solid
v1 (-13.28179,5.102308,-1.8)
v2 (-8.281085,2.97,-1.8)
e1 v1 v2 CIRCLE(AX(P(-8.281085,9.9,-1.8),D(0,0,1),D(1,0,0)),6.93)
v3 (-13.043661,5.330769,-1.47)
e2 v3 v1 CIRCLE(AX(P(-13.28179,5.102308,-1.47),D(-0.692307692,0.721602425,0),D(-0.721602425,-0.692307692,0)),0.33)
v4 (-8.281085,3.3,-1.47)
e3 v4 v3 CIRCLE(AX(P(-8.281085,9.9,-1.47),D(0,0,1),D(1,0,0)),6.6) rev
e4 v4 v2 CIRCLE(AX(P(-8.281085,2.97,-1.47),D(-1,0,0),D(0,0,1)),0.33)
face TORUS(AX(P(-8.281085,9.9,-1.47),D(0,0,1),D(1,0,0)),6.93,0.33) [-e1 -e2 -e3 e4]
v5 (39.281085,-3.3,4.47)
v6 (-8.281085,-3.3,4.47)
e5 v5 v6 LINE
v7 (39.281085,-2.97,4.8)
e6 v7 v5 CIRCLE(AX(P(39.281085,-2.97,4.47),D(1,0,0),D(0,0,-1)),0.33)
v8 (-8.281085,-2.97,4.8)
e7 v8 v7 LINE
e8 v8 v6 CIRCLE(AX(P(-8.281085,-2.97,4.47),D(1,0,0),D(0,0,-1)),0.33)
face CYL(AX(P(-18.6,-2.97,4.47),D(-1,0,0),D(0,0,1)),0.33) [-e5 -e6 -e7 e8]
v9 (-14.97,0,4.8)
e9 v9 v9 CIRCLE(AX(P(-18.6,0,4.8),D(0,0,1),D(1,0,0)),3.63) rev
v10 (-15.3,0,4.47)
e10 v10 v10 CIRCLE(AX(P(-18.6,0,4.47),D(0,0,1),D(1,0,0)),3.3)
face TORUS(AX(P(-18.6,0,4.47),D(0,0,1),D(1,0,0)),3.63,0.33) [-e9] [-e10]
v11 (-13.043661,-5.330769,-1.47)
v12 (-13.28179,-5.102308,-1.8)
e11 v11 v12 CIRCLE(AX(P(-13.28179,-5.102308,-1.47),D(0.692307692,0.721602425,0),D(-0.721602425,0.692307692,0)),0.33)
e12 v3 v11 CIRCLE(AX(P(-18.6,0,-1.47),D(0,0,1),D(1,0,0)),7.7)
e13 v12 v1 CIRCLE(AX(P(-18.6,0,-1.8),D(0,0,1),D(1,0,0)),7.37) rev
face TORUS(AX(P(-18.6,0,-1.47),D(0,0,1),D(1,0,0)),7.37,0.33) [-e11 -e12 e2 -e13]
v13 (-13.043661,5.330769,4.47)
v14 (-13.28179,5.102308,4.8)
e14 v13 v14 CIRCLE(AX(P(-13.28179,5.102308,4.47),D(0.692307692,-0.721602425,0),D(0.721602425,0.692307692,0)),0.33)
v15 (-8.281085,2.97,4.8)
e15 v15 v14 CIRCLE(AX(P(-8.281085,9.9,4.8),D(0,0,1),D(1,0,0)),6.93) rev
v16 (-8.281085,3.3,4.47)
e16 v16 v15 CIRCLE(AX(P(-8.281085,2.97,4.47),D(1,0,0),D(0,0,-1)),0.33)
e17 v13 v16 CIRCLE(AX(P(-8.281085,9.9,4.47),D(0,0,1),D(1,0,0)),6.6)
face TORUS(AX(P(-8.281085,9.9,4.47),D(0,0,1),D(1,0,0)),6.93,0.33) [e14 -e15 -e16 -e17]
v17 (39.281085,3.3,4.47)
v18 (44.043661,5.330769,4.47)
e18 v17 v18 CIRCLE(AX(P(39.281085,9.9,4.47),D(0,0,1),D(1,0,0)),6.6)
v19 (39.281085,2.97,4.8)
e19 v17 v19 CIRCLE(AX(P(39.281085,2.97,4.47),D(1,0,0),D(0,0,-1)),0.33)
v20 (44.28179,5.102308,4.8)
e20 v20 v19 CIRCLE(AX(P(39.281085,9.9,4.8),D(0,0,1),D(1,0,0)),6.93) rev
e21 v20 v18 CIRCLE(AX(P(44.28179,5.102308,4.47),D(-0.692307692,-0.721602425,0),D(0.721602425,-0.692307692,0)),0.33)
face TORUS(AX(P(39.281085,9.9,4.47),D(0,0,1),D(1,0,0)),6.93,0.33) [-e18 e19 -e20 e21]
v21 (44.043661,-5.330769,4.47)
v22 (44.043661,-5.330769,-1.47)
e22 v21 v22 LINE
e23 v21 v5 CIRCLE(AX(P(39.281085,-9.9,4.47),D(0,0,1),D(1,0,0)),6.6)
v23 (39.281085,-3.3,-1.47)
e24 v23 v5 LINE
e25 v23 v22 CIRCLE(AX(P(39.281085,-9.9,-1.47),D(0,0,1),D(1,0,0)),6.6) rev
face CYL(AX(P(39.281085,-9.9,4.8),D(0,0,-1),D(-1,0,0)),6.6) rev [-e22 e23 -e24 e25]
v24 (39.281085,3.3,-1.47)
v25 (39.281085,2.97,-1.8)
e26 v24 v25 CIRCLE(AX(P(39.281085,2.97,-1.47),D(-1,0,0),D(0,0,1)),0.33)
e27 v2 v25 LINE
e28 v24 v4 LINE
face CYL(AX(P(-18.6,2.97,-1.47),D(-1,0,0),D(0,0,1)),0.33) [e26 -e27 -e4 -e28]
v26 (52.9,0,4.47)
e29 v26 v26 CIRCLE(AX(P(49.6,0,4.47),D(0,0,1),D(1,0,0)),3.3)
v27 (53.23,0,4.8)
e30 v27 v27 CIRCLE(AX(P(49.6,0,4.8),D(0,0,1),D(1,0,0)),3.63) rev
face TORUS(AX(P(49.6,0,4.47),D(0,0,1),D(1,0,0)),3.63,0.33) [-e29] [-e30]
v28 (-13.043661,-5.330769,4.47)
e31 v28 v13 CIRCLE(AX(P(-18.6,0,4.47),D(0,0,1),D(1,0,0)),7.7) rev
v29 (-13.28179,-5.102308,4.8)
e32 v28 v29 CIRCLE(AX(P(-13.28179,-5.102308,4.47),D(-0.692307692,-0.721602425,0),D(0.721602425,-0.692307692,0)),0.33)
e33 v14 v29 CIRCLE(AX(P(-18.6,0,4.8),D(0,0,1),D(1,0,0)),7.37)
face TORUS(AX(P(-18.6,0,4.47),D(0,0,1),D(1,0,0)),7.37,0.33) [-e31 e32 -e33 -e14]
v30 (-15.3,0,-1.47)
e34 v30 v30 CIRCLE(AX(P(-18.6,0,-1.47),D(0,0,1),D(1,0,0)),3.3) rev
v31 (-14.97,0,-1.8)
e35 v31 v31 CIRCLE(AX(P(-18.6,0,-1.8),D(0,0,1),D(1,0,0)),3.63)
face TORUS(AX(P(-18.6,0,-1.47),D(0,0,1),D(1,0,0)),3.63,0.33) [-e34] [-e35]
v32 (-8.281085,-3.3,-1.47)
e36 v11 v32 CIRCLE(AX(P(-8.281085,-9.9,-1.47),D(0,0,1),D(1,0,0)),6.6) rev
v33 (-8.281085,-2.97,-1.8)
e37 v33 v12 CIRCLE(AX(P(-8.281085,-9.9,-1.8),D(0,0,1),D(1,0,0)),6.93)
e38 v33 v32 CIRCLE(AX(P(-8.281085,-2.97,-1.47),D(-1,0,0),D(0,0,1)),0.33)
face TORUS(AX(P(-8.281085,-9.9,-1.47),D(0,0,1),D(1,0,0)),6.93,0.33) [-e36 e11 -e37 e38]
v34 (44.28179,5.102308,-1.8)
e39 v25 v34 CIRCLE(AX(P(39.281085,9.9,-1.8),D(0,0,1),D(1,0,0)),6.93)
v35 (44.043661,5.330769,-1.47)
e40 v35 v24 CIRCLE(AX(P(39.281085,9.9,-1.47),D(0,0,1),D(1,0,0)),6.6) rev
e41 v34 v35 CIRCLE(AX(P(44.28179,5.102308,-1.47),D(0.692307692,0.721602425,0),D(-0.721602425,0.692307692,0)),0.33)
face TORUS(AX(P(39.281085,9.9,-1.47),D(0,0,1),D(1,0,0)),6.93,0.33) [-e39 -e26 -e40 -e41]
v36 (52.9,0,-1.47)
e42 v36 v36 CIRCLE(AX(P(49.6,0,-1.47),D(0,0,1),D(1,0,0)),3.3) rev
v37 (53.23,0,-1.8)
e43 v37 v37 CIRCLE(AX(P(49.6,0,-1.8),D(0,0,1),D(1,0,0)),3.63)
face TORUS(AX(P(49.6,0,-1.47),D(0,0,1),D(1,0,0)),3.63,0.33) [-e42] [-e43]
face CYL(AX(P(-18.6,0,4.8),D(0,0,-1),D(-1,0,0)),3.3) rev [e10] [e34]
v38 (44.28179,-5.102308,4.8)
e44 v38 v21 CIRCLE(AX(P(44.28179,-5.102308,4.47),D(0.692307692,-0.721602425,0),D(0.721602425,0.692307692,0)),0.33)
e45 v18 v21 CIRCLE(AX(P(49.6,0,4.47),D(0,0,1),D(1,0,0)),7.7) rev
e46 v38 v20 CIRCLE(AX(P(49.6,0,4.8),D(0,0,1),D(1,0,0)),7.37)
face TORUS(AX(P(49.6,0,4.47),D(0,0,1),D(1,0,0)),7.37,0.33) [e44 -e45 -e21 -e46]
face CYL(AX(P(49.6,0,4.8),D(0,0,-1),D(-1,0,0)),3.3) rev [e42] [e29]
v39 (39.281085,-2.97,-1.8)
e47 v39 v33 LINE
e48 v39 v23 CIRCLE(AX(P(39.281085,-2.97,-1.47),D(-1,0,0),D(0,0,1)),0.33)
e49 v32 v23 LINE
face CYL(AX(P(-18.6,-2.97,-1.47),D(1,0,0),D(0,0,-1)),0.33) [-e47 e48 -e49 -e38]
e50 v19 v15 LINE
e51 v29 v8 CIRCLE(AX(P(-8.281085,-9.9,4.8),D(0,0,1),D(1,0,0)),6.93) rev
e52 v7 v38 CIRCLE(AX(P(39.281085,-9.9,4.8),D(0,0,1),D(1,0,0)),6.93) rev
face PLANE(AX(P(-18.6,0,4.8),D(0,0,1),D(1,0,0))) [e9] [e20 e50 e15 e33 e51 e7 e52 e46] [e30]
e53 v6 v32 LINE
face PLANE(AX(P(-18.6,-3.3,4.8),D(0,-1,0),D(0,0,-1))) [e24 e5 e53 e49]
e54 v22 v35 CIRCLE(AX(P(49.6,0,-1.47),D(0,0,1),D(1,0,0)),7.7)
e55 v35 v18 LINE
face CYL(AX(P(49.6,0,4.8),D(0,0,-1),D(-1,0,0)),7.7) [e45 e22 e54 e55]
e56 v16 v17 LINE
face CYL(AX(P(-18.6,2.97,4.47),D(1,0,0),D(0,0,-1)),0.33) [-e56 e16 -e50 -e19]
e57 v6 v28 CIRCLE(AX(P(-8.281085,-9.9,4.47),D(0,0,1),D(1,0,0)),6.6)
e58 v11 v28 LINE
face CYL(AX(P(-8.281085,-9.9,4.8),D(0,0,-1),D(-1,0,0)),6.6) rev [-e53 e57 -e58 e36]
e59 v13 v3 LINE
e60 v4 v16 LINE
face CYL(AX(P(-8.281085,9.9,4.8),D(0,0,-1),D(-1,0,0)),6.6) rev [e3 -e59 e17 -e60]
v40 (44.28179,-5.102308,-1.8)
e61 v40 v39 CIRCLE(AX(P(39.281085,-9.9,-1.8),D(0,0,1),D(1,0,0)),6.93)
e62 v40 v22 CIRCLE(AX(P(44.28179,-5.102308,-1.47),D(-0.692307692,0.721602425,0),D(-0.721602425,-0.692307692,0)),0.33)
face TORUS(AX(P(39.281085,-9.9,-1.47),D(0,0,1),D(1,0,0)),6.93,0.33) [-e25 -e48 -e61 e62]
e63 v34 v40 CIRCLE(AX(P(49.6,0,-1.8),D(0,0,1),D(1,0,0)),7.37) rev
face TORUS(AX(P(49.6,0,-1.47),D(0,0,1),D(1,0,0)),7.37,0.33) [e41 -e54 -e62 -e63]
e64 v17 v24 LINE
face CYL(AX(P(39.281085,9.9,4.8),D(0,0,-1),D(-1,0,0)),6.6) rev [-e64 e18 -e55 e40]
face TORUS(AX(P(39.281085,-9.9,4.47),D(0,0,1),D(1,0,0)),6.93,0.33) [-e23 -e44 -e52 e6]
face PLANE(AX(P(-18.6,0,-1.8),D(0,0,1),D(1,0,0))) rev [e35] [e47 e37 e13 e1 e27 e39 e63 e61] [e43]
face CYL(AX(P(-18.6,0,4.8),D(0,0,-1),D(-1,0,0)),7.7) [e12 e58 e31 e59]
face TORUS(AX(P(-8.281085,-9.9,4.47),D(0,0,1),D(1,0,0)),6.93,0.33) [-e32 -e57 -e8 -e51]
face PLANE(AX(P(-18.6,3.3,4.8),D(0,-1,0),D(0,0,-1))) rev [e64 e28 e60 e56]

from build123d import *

# Parameters (mm, degrees)
SKETCH_1_R      = 3.5
SKETCH_1_R_2    = 1.5
EXTRUDE_1_DEPTH = 3
FILLET_1_R      = 3
FILLET_2_R      = 0.15
SCALE_1_SCALE   = 2.2


with BuildPart() as part:
    # Эскиз1 → Бобышка-Вытянуть1 (new body)
    # profile 1 of 3: a face of its own
    with BuildSketch(Plane.XY):
        Circle(SKETCH_1_R)
        Circle(SKETCH_1_R_2, mode=Mode.SUBTRACT)
    # profile 2 of 3: a face of its own
    with BuildSketch(Plane.XY):
        with BuildLine():
            Line((3.16227766, -1.5), (27.83772234, -1.5))
            ThreePointArc((27.83772234, -1.5), (27.5, 0), (27.83772234, 1.5))
            Line((27.83772234, 1.5), (3.16227766, 1.5))
            ThreePointArc((3.16227766, 1.5), (3.414525722, 0.768774411), (3.5, 0))
            ThreePointArc((3.5, 0), (3.414525722, -0.768774411), (3.16227766, -1.5))
        make_face()
    # profile 3 of 3: a face of its own
    with BuildSketch(Plane.XY):
        with Locations((31, 0)):
            Circle(SKETCH_1_R)
        with Locations((31, 0)):
            Circle(SKETCH_1_R_2, mode=Mode.SUBTRACT)
    extrude(amount=EXTRUDE_1_DEPTH)

    # Скругление1
    fillet_1_edges = [part.edges().sort_by_distance(p)[0] for p in [
        (3.16227766, 1.5, 1.5),
        (27.83772234, 1.5, 1.5),
        (27.83772234, -1.5, 1.5),
        (3.16227766, -1.5, 1.5),
    ]]
    fillet(fillet_1_edges, radius=FILLET_1_R)

    # Скругление2
    fillet_2_edges = [part.edges().sort_by_distance(p)[0] for p in [
        (-1.5, 0, 0),
        (15.5, 1.5, 0),
        (15.5, 1.5, 3),
        (34.5, 0, 0),
        (34.5, 0, 3),
        (-3.5, 0, 0),
        (-3.5, 0, 3),
        (15.5, -1.5, 0),
        (15.5, -1.5, 3),
        (27.486281051, 1.740401367, 0),
        (27.486281051, 1.740401367, 3),
        (3.513718949, 1.740401367, 0),
        (3.513718949, 1.740401367, 3),
        (29.5, 0, 3),
        (27.486281051, -1.740401367, 0),
        (27.486281051, -1.740401367, 3),
        (3.513718949, -1.740401367, 0),
        (3.513718949, -1.740401367, 3),
        (-1.5, 0, 3),
        (29.5, 0, 0),
    ]]
    fillet(fillet_2_edges, radius=FILLET_2_R)


with BuildPart() as part_1:
    # Масштаб1: scaled about (15.5, 0, 1.5)
    add(part.part.scale(SCALE_1_SCALE).moved(Location((-18.6, 0, -1.8))))


solid = part_1.part
